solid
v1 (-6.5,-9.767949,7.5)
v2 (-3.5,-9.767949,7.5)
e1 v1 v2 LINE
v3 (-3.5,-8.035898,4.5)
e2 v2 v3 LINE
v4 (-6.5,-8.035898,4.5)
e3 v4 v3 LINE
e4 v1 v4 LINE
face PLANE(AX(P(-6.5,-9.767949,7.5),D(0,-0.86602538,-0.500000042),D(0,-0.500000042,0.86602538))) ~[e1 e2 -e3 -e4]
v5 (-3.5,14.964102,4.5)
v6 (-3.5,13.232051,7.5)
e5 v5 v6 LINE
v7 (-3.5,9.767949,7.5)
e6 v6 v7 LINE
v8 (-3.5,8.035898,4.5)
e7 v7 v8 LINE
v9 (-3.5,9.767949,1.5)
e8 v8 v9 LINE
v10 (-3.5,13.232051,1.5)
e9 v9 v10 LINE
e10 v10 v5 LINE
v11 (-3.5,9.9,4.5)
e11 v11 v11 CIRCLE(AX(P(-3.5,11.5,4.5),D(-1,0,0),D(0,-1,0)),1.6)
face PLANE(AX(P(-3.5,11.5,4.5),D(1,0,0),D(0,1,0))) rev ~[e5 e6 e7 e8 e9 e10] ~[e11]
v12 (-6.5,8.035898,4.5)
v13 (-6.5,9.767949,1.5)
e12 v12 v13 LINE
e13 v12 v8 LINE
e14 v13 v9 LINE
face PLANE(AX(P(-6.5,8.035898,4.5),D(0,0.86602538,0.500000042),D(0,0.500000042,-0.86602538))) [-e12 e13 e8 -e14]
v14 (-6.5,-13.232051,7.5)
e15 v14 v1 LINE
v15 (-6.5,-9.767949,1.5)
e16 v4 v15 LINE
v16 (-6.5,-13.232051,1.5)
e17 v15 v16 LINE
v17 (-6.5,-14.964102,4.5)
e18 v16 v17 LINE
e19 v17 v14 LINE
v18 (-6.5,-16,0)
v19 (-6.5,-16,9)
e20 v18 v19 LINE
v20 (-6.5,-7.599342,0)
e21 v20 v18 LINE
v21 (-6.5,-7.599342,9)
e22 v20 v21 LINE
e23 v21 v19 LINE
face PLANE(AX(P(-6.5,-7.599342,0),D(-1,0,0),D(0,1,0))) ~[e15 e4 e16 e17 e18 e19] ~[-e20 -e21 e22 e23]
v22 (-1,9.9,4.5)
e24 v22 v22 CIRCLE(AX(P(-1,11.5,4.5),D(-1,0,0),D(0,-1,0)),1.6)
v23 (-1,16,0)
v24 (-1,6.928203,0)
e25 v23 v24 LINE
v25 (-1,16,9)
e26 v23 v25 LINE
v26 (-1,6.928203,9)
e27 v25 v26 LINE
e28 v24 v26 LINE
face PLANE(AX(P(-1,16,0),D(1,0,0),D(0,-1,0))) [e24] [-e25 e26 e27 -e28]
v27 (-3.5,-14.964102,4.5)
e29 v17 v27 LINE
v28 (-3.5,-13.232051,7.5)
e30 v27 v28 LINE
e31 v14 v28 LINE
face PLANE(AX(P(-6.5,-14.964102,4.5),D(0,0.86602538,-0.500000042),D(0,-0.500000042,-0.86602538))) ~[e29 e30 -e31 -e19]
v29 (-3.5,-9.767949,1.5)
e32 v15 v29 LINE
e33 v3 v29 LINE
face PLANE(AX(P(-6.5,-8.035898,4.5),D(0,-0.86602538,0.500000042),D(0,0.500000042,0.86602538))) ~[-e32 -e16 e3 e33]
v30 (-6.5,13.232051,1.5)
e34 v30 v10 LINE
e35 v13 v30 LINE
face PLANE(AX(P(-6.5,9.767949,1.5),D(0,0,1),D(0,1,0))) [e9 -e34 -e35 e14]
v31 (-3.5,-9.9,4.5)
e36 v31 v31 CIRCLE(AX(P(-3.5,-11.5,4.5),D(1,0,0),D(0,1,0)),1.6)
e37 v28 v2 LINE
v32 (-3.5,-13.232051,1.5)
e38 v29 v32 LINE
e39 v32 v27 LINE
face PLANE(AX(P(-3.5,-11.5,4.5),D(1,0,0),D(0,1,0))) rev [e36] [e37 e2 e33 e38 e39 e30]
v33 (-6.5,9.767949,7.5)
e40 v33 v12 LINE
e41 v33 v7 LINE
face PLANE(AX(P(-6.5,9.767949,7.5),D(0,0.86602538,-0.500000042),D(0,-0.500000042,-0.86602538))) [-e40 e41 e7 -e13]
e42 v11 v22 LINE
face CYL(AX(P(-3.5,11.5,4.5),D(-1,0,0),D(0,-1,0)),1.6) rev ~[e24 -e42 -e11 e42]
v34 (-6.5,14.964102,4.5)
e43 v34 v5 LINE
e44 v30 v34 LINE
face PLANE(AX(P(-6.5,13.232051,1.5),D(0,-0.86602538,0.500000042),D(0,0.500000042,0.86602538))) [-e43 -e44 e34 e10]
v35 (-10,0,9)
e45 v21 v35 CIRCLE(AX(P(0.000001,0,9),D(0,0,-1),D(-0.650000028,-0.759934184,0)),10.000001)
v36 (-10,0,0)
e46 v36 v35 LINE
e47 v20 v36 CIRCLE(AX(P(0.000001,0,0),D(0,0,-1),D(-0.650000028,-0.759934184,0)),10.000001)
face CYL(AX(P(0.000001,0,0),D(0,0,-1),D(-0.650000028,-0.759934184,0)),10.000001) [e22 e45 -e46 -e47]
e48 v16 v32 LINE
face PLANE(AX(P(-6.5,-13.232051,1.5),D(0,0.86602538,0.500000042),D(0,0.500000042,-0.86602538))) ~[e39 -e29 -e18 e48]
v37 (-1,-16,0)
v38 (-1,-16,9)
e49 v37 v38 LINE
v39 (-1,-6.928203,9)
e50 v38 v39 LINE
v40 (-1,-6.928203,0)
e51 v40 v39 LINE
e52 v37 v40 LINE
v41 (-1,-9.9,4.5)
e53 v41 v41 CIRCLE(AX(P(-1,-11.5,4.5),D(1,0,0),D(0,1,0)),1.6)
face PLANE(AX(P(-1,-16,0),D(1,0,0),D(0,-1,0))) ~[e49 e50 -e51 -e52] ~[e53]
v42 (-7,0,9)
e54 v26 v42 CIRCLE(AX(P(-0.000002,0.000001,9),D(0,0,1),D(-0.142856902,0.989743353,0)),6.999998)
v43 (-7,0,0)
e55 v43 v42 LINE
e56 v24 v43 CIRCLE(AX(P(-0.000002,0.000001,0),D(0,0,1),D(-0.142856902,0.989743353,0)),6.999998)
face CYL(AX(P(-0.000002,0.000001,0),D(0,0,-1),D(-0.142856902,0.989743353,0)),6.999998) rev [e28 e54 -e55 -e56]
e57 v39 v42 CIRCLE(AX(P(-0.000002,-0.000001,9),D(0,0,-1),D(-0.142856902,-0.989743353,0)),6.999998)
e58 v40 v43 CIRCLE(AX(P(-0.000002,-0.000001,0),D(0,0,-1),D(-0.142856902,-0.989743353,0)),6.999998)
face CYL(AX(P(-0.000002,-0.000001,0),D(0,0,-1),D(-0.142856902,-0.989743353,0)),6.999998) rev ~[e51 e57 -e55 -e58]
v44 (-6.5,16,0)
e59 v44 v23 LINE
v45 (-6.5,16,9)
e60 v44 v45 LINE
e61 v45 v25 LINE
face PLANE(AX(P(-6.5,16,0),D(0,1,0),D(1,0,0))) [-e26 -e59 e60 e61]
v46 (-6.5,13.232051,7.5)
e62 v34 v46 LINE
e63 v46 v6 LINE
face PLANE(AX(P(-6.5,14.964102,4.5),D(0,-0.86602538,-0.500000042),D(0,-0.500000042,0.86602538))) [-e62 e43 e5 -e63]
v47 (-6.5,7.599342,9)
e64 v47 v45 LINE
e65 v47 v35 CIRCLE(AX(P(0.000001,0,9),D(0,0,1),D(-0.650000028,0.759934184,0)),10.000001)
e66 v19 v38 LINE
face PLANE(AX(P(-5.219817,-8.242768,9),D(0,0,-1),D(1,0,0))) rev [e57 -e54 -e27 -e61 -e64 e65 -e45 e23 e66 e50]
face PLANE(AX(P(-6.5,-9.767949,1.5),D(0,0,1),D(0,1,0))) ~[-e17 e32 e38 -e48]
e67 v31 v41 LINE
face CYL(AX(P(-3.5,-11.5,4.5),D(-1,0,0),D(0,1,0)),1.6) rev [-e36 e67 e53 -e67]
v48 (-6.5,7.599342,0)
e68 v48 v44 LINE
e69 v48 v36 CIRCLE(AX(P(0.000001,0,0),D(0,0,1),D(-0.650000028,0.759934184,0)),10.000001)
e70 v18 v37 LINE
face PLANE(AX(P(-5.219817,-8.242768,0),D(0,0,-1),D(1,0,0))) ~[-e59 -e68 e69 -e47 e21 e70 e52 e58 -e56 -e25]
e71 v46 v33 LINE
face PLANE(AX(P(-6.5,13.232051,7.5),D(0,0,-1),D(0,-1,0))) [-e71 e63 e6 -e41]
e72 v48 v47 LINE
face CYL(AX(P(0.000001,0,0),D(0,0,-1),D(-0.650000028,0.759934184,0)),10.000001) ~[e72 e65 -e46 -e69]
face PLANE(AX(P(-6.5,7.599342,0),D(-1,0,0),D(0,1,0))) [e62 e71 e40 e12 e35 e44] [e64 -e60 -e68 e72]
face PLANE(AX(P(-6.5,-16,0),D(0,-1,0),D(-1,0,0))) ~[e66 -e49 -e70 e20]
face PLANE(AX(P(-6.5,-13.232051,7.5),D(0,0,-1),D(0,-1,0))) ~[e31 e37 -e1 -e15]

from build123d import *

# Parameters (mm, degrees)
PAD_DEPTH       = 9
POCKET_DEPTH    = 3
SKETCH002_R     = 1.6
POCKET001_DEPTH = 5


with BuildPart() as pocket001:
    # Sketch → Pad (new body)
    with BuildSketch(Plane.XY):
        with BuildLine():
            ThreePointArc((-1, 6.928203), (-5.291503, 4.582576), (-7, 0))
            Line((-10, 0), (-7, 0))
            ThreePointArc((-6.5, 7.599342), (-9.082951, 4.1833), (-10, 0))
            Line((-6.5, 7.599342), (-6.5, 16))
            Line((-6.5, 16), (-1, 16))
            Line((-1, 16), (-1, 6.928203))
        make_face()
    extrude(amount=PAD_DEPTH)

    # Sketch001 → Pocket (cut)
    with BuildSketch(Plane(origin=(-6.5, 0, 0), x_dir=(0, -1, 0), z_dir=(-1, 0, 0))):
        Polygon((-13.232051, 7.5), (-9.767949, 7.5), (-8.035898, 4.5), (-9.767949, 1.5), (-13.232051, 1.5), (-14.964102, 4.5), align=None)
    extrude(amount=-POCKET_DEPTH, mode=Mode.SUBTRACT)

    # Sketch002 → Pocket001 (cut)
    with BuildSketch(Plane(origin=(-3.5, 0, 0), x_dir=(0, -1, 0), z_dir=(-1, 0, 0))):
        with Locations((-11.5, 4.5)):
            Circle(SKETCH002_R)
    extrude(amount=-POCKET001_DEPTH, mode=Mode.SUBTRACT)


with BuildPart() as part_mirroring:
    # Part__Mirroring: instance of Pocket001
    add(pocket001.part.mirror(Plane(origin=(0, 0, 0), x_dir=(1, 0, 0), z_dir=(0, 1, 0))))


with BuildPart() as fusion:
    # Fusion base: copy of Pocket001
    add(pocket001.part)

    # Fusion: union Part__Mirroring
    add(part_mirroring.part)


solid = fusion.part
